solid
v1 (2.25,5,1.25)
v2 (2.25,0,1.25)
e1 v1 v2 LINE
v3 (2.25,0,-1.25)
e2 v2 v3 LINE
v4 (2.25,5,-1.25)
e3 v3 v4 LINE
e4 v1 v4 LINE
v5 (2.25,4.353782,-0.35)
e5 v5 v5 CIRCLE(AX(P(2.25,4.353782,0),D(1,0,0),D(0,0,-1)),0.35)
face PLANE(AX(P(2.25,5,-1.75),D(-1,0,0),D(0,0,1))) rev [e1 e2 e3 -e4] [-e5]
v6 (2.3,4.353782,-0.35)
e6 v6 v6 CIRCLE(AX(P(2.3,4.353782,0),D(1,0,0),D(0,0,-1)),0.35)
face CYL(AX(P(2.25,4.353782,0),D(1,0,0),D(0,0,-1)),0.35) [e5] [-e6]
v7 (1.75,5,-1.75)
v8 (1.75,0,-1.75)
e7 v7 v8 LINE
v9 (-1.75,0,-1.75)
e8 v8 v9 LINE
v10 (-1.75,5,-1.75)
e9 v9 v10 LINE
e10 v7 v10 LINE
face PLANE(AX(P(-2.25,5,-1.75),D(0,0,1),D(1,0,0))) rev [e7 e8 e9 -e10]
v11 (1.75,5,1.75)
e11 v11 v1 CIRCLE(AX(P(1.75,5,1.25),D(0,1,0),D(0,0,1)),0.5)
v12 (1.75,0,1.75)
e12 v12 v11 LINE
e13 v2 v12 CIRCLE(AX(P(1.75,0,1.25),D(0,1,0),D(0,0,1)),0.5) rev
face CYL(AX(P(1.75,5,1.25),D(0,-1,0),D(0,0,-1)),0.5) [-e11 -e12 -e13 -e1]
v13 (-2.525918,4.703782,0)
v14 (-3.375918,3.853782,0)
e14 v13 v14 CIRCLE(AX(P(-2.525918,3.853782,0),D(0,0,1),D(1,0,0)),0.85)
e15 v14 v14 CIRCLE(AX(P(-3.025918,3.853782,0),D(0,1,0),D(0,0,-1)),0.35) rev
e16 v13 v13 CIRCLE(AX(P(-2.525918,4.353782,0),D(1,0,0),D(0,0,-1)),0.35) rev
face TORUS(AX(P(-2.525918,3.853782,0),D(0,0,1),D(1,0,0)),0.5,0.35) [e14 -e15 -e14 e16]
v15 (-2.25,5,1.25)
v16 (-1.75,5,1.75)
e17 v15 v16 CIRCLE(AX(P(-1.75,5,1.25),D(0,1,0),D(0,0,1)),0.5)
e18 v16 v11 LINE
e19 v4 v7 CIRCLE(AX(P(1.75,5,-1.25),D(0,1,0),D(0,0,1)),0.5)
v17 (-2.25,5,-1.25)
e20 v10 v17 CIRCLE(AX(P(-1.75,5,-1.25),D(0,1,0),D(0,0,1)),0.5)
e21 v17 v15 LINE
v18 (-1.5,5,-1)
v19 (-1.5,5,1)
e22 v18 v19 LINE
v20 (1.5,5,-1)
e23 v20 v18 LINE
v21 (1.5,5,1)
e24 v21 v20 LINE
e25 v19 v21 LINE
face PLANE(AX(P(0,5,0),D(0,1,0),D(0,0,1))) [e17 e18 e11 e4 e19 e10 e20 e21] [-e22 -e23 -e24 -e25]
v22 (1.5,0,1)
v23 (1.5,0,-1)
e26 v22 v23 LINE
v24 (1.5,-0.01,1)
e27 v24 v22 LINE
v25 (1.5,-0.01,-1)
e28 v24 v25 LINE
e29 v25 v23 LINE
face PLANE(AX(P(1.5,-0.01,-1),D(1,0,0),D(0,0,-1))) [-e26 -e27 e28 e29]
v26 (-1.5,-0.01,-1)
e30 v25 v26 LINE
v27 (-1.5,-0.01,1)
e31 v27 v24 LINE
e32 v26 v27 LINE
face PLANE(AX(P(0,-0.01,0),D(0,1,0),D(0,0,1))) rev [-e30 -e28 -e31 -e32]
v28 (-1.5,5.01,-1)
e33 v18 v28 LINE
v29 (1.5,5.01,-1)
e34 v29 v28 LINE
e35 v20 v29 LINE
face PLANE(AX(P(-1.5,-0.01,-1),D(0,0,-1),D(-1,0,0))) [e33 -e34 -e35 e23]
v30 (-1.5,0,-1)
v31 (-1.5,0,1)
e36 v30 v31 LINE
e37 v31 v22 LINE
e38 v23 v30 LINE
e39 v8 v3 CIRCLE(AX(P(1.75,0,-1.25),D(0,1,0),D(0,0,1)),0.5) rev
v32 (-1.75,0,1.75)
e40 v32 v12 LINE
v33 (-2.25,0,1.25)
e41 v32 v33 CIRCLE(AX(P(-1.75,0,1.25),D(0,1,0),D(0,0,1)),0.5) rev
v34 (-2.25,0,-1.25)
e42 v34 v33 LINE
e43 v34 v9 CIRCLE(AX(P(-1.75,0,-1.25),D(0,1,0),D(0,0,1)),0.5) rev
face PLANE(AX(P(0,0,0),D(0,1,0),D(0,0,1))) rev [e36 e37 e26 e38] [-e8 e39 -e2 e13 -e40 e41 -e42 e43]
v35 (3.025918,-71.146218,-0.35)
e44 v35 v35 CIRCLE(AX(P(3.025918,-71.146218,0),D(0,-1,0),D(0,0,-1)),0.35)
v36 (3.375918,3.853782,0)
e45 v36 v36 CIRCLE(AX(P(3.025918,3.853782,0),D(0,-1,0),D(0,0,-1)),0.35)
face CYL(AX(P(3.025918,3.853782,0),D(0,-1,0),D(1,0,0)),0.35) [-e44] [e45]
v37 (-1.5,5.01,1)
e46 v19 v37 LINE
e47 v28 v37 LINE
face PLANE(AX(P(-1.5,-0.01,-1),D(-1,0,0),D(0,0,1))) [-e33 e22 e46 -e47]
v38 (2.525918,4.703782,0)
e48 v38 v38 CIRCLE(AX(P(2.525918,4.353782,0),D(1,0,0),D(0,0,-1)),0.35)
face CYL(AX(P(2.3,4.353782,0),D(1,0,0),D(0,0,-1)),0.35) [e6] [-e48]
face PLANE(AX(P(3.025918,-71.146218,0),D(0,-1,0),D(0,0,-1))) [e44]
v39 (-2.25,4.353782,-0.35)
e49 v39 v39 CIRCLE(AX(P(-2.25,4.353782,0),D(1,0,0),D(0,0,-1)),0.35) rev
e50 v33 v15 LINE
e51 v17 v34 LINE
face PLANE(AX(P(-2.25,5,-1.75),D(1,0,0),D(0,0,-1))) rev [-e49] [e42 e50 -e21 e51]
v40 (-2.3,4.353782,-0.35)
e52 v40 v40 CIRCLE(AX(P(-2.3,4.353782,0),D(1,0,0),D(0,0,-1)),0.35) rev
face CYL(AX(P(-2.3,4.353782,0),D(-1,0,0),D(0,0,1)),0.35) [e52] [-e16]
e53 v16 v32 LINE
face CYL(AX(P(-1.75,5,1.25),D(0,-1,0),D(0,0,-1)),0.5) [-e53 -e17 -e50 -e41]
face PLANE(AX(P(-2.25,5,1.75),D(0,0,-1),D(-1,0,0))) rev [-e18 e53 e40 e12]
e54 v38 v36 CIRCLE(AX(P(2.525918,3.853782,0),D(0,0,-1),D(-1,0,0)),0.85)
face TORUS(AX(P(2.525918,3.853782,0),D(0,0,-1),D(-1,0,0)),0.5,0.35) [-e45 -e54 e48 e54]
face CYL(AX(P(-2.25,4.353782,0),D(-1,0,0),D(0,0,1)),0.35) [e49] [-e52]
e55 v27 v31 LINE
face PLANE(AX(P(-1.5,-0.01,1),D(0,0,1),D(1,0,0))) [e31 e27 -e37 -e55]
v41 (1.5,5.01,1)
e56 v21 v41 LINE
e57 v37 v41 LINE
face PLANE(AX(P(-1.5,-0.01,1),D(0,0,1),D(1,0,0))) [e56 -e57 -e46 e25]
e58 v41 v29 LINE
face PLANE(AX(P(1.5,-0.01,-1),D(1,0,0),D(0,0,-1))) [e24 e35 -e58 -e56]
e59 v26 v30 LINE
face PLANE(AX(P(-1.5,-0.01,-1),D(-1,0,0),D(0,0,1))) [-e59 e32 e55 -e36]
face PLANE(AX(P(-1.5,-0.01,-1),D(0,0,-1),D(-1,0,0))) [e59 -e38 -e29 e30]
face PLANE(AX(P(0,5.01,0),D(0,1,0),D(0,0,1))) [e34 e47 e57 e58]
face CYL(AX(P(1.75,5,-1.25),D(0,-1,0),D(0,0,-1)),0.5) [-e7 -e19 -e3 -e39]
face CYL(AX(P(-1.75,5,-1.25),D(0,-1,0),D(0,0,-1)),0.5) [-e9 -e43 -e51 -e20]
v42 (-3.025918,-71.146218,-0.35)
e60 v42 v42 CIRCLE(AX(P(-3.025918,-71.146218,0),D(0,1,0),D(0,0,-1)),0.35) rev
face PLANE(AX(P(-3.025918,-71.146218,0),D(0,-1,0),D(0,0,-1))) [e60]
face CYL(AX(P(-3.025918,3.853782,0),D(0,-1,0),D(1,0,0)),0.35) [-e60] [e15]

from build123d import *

# Parameters (mm, degrees)
SKETCH1_W                = 4.5
SKETCH1_H                = 3.5
BOSS_EXTRUDE1_DEPTH      = 5
SKETCH2_W                = 3
SKETCH2_H                = 2
BOSS_EXTRUDE2_DEPTH      = 5.01
BOSS_EXTRUDE2_DEPTH_BACK = 0.01
FILLET2_R                = 0.5
SKETCH14_R               = 0.35


with BuildPart() as part:
    # Sketch1 → Boss-Extrude1 (new body)
    with BuildSketch(Plane(origin=(0, 0, 0), x_dir=(1, 0, 0), z_dir=(0, 1, 0))):
        Rectangle(SKETCH1_W, SKETCH1_H)
    extrude(amount=BOSS_EXTRUDE1_DEPTH)

    # Sketch2 → Boss-Extrude2 (add, two sides)
    with BuildSketch(Plane(origin=(0, 0, 0), x_dir=(1, 0, 0), z_dir=(0, 1, 0))) as boss_extrude2_sk:
        Rectangle(SKETCH2_W, SKETCH2_H)
    extrude(amount=BOSS_EXTRUDE2_DEPTH)
    extrude(boss_extrude2_sk.sketch, amount=-BOSS_EXTRUDE2_DEPTH_BACK)

    # Fillet2
    fillet2_edges = [part.edges().sort_by_distance(p)[0] for p in [
        (2.25, 2.5, 1.75),
        (-2.25, 2.5, 1.75),
        (-2.25, 2.5, -1.75),
        (2.25, 2.5, -1.75),
    ]]
    fillet(fillet2_edges, radius=FILLET2_R)

    # Sweep1: sweep along a path in Sketch15
    with BuildLine(Plane.XY) as sweep1_path:
        Line((2.25, 4.353782078), (2.3, 4.353782078))
        Line((2.3, 4.353782078), (2.525918375, 4.353782078))
        ThreePointArc((2.525918375, 4.353782078), (2.879471766, 4.207335469), (3.025918375, 3.853782078))
        Line((3.025918375, 3.853782078), (3.025918375, -71.146217922))
    # Sketch14 → Sweep1 (sweep)
    with BuildSketch(Plane(origin=(2.25, 0, 0), x_dir=(0, 0, -1), z_dir=(1, 0, 0))):
        with Locations((0, 4.353782078)):
            Circle(SKETCH14_R)
    sweep1 = sweep(path=sweep1_path.line)

    # Mirror1: Sweep1 across plane
    add(sweep1.mirror(Plane(origin=(0, 0, 0), x_dir=(0, 0, 1), z_dir=(1, 0, 0))))


solid = part.part
